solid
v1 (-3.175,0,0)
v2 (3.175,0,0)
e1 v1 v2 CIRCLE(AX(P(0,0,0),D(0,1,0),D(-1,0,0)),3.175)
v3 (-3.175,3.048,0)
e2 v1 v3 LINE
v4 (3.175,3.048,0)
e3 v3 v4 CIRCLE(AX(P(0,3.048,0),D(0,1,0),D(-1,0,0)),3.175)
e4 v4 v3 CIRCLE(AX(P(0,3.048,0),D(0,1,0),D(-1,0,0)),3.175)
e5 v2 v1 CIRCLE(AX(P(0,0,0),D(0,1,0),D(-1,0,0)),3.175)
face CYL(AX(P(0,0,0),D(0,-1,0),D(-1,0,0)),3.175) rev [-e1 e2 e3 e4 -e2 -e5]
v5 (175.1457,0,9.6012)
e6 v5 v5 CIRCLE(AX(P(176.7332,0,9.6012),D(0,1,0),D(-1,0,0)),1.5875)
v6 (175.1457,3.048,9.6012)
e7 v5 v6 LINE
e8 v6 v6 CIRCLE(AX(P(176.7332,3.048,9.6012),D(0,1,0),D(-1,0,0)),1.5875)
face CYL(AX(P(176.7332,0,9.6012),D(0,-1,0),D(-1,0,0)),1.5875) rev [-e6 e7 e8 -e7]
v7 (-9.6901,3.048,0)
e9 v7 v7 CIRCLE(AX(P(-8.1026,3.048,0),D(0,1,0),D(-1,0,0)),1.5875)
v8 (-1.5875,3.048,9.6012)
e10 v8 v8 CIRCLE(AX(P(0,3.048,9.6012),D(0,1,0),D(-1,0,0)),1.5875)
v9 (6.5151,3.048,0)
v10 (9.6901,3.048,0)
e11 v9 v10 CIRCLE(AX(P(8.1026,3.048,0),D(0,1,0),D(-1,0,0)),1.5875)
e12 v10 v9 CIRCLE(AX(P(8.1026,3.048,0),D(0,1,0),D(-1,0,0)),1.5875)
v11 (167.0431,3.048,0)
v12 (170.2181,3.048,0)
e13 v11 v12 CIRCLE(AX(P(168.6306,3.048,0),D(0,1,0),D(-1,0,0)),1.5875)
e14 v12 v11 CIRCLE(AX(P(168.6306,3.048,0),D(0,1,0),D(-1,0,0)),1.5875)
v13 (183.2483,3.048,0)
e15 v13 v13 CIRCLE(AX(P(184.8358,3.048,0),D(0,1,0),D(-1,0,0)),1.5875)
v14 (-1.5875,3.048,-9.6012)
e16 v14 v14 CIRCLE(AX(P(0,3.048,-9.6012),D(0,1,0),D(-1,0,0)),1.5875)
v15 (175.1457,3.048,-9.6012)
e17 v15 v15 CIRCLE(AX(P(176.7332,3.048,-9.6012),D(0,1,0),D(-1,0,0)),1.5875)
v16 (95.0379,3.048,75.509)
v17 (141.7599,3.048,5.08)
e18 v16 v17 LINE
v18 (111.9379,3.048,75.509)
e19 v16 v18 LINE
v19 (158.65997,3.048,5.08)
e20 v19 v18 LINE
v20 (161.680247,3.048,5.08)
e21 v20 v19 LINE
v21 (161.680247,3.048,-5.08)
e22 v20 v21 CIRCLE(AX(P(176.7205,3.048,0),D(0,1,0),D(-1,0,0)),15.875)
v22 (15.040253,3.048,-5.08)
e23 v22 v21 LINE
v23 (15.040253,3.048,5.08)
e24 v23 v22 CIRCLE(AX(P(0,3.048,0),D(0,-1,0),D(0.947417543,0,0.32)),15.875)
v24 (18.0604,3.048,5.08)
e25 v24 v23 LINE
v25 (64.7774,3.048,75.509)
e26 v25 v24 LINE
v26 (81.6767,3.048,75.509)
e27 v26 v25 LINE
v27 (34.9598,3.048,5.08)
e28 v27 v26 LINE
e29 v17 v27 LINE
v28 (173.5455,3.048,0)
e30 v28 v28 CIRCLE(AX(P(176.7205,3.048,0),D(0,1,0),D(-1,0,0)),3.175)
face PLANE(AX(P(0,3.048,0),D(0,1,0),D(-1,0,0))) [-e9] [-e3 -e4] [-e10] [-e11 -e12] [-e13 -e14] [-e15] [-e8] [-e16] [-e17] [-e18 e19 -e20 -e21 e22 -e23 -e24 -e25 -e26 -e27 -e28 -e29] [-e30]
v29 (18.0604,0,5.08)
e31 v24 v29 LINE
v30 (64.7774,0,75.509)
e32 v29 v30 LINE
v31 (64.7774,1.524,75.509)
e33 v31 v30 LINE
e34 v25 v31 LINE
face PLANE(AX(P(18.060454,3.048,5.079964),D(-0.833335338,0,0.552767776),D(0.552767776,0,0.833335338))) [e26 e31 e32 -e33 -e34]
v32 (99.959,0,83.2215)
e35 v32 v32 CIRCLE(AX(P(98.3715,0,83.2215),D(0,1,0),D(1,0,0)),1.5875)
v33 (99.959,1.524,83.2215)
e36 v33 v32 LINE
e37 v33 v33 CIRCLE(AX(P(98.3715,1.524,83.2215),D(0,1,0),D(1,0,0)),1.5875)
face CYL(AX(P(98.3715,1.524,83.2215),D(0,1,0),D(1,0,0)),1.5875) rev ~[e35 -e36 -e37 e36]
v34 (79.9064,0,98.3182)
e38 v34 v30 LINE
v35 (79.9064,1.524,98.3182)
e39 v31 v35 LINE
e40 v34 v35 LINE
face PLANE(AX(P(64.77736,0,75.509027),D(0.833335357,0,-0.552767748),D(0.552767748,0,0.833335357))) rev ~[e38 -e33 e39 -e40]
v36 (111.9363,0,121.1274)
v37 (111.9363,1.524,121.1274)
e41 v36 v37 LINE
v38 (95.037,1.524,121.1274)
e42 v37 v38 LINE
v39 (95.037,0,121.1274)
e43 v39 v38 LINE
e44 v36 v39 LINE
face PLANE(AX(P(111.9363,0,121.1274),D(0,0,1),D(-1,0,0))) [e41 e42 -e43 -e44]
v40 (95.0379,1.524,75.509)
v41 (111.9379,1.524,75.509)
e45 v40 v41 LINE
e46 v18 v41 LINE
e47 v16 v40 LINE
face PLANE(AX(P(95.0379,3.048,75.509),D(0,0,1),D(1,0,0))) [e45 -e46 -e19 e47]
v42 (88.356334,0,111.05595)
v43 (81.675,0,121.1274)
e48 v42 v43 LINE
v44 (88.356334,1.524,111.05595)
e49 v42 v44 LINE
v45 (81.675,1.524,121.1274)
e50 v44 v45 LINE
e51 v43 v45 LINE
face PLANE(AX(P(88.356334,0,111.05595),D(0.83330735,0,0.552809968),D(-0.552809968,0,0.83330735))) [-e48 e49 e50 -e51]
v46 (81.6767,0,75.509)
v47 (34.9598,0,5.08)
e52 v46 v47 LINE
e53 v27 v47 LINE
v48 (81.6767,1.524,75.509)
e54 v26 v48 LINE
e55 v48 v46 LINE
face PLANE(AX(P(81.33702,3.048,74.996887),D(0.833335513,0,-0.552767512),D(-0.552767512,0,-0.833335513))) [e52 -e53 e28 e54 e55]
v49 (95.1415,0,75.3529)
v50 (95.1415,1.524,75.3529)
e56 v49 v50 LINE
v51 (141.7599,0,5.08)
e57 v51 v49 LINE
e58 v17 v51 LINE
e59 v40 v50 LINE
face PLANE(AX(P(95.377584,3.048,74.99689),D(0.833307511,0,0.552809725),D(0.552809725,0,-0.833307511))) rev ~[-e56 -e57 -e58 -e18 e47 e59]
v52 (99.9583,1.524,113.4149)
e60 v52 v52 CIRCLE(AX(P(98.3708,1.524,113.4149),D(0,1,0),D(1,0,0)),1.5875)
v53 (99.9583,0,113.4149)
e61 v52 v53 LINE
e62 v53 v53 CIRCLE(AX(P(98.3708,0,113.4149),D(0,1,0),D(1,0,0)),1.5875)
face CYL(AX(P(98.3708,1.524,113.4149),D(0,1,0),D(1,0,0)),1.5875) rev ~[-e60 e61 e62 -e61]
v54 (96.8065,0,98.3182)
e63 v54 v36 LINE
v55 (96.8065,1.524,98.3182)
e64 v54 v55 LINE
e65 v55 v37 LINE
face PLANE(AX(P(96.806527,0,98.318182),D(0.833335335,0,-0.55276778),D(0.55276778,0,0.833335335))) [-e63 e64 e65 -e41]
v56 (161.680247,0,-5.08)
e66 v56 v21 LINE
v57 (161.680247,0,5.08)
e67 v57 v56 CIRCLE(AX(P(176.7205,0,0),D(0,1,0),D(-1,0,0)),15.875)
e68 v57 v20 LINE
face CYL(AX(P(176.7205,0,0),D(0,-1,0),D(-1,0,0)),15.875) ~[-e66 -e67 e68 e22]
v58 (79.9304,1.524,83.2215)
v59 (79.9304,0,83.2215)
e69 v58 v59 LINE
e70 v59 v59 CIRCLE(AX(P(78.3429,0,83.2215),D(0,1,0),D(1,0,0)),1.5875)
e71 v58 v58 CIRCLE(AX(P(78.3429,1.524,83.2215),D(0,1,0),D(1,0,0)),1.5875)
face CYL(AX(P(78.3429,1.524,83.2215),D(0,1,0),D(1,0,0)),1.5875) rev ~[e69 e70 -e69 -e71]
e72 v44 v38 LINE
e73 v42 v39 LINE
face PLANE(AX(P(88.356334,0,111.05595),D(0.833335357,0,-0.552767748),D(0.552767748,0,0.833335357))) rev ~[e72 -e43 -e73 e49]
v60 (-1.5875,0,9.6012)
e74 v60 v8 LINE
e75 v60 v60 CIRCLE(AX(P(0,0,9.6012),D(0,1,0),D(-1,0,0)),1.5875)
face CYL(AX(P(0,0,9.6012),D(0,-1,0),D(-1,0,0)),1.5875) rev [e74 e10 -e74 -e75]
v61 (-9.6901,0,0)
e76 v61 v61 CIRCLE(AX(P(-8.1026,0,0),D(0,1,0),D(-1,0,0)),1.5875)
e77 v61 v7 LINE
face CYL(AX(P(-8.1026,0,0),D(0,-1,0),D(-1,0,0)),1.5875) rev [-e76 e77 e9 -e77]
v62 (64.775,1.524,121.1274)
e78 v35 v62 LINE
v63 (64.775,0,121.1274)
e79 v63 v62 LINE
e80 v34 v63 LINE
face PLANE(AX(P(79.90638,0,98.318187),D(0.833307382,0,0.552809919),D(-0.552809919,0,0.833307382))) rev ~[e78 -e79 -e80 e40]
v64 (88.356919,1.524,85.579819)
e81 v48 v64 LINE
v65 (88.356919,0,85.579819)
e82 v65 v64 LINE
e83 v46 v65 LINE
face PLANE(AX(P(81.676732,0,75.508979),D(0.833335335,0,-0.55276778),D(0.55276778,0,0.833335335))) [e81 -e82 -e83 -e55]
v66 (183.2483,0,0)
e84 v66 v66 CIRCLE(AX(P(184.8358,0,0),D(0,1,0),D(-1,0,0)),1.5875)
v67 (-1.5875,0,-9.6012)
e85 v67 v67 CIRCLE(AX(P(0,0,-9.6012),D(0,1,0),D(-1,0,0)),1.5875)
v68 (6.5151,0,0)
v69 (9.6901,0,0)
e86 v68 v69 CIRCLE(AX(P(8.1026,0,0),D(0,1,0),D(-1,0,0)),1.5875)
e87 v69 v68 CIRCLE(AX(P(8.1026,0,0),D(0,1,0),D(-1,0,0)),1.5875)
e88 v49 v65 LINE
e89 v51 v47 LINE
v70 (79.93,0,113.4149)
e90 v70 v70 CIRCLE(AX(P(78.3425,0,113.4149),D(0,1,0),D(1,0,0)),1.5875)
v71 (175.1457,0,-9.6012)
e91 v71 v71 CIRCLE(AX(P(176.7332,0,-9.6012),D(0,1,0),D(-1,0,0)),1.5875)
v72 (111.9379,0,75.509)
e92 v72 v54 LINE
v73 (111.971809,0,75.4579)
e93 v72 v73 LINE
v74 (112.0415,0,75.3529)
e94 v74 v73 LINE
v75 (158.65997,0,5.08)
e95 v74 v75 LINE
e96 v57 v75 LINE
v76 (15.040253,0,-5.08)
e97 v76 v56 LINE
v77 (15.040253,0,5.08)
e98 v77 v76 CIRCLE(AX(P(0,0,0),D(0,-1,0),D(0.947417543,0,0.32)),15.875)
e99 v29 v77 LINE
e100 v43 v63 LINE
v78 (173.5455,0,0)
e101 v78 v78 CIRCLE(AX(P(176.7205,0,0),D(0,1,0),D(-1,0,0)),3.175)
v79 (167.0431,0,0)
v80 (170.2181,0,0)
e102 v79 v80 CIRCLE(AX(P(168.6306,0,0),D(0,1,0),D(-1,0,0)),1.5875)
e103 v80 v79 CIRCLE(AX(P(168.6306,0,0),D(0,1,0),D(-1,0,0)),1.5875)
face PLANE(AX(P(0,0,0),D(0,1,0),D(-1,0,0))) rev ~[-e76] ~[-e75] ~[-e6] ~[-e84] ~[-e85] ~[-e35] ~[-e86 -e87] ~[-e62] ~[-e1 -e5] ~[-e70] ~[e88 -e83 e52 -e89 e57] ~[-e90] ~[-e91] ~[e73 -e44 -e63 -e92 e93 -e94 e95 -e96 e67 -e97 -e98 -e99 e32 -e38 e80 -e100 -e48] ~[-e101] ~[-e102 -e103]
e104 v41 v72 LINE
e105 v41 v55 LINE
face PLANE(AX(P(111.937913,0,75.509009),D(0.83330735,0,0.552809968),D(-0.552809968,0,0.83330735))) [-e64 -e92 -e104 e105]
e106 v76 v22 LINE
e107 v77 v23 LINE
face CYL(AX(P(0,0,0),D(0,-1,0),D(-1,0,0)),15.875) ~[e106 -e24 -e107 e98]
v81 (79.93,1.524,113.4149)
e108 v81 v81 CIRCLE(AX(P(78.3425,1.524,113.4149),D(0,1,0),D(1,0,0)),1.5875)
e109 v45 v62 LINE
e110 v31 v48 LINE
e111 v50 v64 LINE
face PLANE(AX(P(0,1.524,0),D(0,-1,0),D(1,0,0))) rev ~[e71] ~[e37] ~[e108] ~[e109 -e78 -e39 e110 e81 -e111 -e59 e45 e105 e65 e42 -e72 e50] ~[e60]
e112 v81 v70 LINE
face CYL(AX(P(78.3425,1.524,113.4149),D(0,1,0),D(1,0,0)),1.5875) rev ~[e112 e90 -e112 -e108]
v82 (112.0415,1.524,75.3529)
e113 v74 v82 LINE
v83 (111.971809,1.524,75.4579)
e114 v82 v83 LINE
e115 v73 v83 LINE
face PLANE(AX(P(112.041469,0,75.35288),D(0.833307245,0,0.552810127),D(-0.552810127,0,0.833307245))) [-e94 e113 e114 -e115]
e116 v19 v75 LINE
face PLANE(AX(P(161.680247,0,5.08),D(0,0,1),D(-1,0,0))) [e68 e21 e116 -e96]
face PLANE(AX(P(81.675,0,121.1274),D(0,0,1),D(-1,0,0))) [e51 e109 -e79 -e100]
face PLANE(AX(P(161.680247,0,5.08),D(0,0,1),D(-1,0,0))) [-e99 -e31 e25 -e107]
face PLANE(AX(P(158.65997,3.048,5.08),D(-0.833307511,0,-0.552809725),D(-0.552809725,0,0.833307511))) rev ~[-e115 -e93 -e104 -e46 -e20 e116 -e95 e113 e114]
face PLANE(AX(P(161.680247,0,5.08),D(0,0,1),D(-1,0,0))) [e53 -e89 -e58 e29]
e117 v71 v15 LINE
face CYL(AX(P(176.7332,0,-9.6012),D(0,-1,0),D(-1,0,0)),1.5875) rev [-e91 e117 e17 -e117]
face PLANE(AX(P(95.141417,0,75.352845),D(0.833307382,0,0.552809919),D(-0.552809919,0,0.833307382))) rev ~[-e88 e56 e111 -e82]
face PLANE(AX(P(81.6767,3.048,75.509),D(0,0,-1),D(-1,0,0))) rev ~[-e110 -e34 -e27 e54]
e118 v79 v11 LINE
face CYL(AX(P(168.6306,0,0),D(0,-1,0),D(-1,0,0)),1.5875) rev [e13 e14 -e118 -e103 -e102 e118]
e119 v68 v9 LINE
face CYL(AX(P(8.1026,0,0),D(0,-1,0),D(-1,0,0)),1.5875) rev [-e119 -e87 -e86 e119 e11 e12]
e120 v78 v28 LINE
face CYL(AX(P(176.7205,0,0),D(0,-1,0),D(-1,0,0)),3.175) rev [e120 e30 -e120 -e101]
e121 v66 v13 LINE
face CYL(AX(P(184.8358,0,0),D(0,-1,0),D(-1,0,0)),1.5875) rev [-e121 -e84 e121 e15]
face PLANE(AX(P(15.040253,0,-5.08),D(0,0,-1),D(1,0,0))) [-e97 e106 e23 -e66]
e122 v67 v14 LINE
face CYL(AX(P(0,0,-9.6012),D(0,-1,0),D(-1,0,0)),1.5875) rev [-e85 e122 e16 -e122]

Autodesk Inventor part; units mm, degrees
ref_plane "YZ Plane" through (0, 0, 0) normal (1, 0, 0) x (0, 1, 0)
ref_plane "XZ Plane" through (0, 0, 0) normal (0, 1, 0) x (-1, 0, 0)
sketch "Sketch1" plane through (0, 0, 0) normal (0, 1, 0) x (-1, 0, 0)
  circle A0 centre (0, 0) radius 3.175
  circle A1 centre (0, -9.6012) radius 1.5875
  circle A2 centre (8.1026, 0) radius 1.5875
  circle A3 centre (0, 9.6012) radius 1.5875
  circle A4 centre (-8.1026, 0) radius 1.5875
  circle A5 centre (0, 0) radius 15.875
  circle A6 centre (-176.7205, 0) radius 3.175
  circle A7 centre (-176.7332, -9.6012) radius 1.5875
  circle A8 centre (-184.8358, 0) radius 1.5875
  circle A9 centre (-176.7332, 9.6012) radius 1.5875
  circle A10 centre (-168.6306, 0) radius 1.5875
  circle A11 centre (-176.7205, 0) radius 15.875
  line L0 (-163.5506, 5.08) -> (-13.1826, 5.08)
  line L1 (-13.1826, 5.08) -> (-13.1826, -5.08)
  line L2 (-13.1826, -5.08) -> (-163.5506, -5.08)
  line L3 (-163.5506, -5.08) -> (-163.5506, 5.08)
  line L4 (0, 0) -> (-163.5506, 0)
  line L5 (-170.2181, 0) -> (-176.7078, 0)
  line L6 (-176.7205, 0) -> (-170.2181, 0)
  line L7 (-167.0431, 0) -> (-0.0127, 0)
  line L8 (-176.7078, 0) -> (-170.2181, 0)
  line L9 (-167.0431, 0) -> (-88.3666, 0)
  point P0 (-161.6802, -5.08)
  point P1 (-15.0403, -5.08)
  point P2 (-15.0403, 5.08)
  point P3 (-161.6802, 5.08)
  dimension "d0" = 6.35
  dimension "d1" = 3.175
  dimension "d2" = 3.175
  dimension "d3" = 3.175
  dimension "d4" = 3.175
  dimension "d5" = 9.6012
  dimension "d6" = 8.1026
  dimension "d7" = 8.1026
  dimension "d8" = 9.6012
  dimension "d9" = 31.75
  dimension "d14" = 5.08
  dimension "d15" = 5.08
  dimension "d16" = 5.08
  dimension "d17" = 5.08
  dimension "d50" = 176.7078
extrude "Extrusion1" add sketch "Sketch1" along normal blind 3.048
ref_plane "Work Plane1" through (15.0403, 0, 98.425) normal (0, 0, 1) x (1, 0, 0)
mirror "Mirror1" [suppressed]
sketch "Sketch2" plane through (0, 3.048, 0) normal (0, 1, 0) x (1, 0, 0)
  arc A0 (15.0403, 5.08) -> (15.0403, -5.08) centre (0, 0) ccw projected
  line L0 (158.3147, -191.0461) -> (27.7403, 5.8039)
  arc A1 (161.6802, -5.08) -> (161.6802, 5.08) centre (176.7205, 0) ccw projected
  line L1 (18.143, -191.4206) -> (148.9802, 5.8039)
  line L2 (17.5803, -4.3561) -> (147.9282, -200.8645)
  line L3 (161.6802, -5.08) -> (159.1402, -5.08)
  line L4 (159.1402, -4.3561) -> (28.303, -201.5806)
  line L5 (95.3776, -74.9969) -> (112.2777, -74.9969)
  line L6 (81.337, -74.9969) -> (64.4377, -74.9969)
  line L7 (95.0379, -75.509) -> (111.9379, -75.509)
  line L8 (81.6767, -75.509) -> (64.7774, -75.509)
  line L9 (96.8065, -99.0548) -> (79.9064, -99.0548)
  line L10 (88.3569, -86.3038) -> (88.3569, -85.5799)
  line L11 (161.6802, 5.08) -> (15.0403, 5.08) projected
  line L12 (88.3569, -86.3038) -> (89.0808, -86.3038) construction
  line L13 (81.1864, -121.864) -> (64.2863, -121.864)
  line L14 (95.5256, -121.864) -> (112.4249, -121.864)
  line L15 (15.0403, -5.08) -> (161.6802, -5.08) projected
  line L16 (34.9598, -5.08) -> (18.0604, -5.08)
  line L17 (141.7599, -5.08) -> (159.1402, -5.08)
  point P0 (79.9068, -98.3176)
  point P1 (88.3564, -111.0559)
  point P2 (96.8065, -98.3182)
  point P3 (88.3569, -85.5799)
  point P4 (64.5631, -75.9099)
  point P5 (81.4625, -75.9099)
  point P6 (95.0379, -75.509)
  point P7 (158.66, -5.08)
  point P8 (141.7599, -5.08)
  dimension "d69" = 23.5458
  dimension "d70" = 23.5458
  dimension "d81" = 90
  dimension "d82" = 22.8092
  dimension "d83" = 22.8092
extrude "Extrusion2" add sketch "Sketch2" against normal blind 3.048 contours L15 L0 L6 L2 | L6 L0 L8 L2 | L15 L4 L5 L1 | L5 L4 L7 L1
sketch "Sketch3" plane through (0, 0, 0) normal (0, -1, 0) x (1, 0, 0)
  line L0 (34.9598, 5.08) -> (81.6767, 75.509) projected
  line L1 (64.7774, 75.509) -> (18.0604, 5.08) projected
  line L2 (18.0604, 5.08) -> (159.8416, 218.8249)
  line L3 (15.0403, 5.08) -> (161.6802, 5.08) projected
  line L4 (34.9598, 5.08) -> (173.1628, 213.4305)
  line L5 (15.0403, 5.08) -> (161.6802, 5.08) projected
  line L6 (158.66, 5.08) -> (122.9182, 58.9573)
  line L7 (158.66, 5.08) -> (111.9379, 75.509) projected
  line L8 (158.66, 5.08) -> (25.1448, 206.3412)
  line L9 (141.7599, 5.08) -> (8.7682, 205.5521)
  line L10 (95.3776, 74.9969) -> (112.2777, 74.9969) projected
  line L11 (112.162, 75.4579) -> (95.2201, 75.4579)
  line L12 (64.4377, 74.9969) -> (81.337, 74.9969) projected
  line L13 (81.337, 75.7208) -> (64.4377, 75.7208)
  line L14 (81.675, 121.1274) -> (64.775, 121.1274)
  line L15 (111.9363, 121.1274) -> (95.037, 121.1274)
  line L16 (64.7774, 75.509) -> (81.6767, 75.509)
  line L17 (95.1415, 75.3529) -> (112.0415, 75.3529)
  line L18 (79.9064, 98.3182) -> (96.8065, 98.3182)
  point P0 (0, 0)
  point P1 (18.0604, 5.08)
  point P2 (141.7599, 5.08)
  point P3 (173.1628, 213.4305)
  point P4 (8.7682, 205.5521)
  point P5 (81.337, 74.9969)
  point P6 (88.3569, 85.5799)
  point P7 (112.2777, 74.9969)
  point P8 (96.6135, 98.7512)
  point P9 (88.3564, 111.0559)
  point P10 (79.9068, 98.3176)
  point P11 (95.3776, 74.9969)
  point P12 (81.4625, 75.9099)
  point P13 (64.5631, 75.9099)
  point P14 (111.9379, 75.509)
  dimension "d58" = 22.8092
  dimension "d64" = 22.8092
  dimension "d65" = 22.8092
  dimension "d67" = 22.9653
extrude "Extrusion3" add sketch "Sketch3" against normal blind 1.524 contours L16 L2 L9 L4 | L9 L18 L4 | L4 L8 L7 L17 L9 | L8 L2 L15 L4 | L18 L2 L8 | L9 L14 L8 L2
sketch "Sketch4" plane through (0, 1.524, 0) normal (0, 1, 0) x (1, 0, 0)
  line L0 (111.9363, -121.1274) -> (96.8065, -98.3182) projected
  line L1 (79.9068, -98.3176) -> (64.775, -121.1274) projected
  line L2 (158.66, -5.08) -> (96.8065, -98.3182) projected
  line L3 (88.3564, -111.0559) -> (95.037, -121.1274) projected
  line L4 (96.8065, -98.3182) -> (88.3564, -111.0559) projected
  line L5 (96.8065, -98.3182) -> (88.3569, -85.5799) projected
  line L6 (88.3569, -85.5799) -> (88.3564, -111.0559)
  line L7 (79.9068, -98.3176) -> (88.3564, -111.0559) projected
  line L8 (96.8065, -98.3182) -> (79.9068, -98.3176)
  line L9 (88.3566, -98.3179) -> (78.3429, -83.2215)
  line L10 (88.3569, -85.5799) -> (96.8065, -98.3182) projected
  line L11 (88.3566, -98.3179) -> (98.3715, -83.2215)
  line L12 (95.0379, -75.509) -> (88.3569, -85.5799) projected
  line L13 (78.3429, -83.2215) -> (98.3715, -83.2215)
  line L14 (78.3429, -83.2215) -> (96.1304, -110.0373)
  line L15 (98.3715, -83.2215) -> (80.5501, -110.0856)
  circle A0 centre (88.3566, -98.3179) radius 18.1163
  line L16 (88.3566, -98.3179) -> (98.3708, -113.4149)
  line L17 (88.3566, -98.3179) -> (78.3425, -113.4149)
  circle A1 centre (78.3429, -83.2215) radius 1.5875
  circle A2 centre (98.3715, -83.2215) radius 1.5875
  circle A3 centre (98.3708, -113.4149) radius 1.5875
  circle A4 centre (78.3425, -113.4149) radius 1.5875
  point P0 (0, 0)
  point P1 (87.8755, -85.578)
  point P2 (87.8599, -111.6467)
  point P3 (111.9412, -75.1032)
  point P4 (64.2633, -75.4579)
  point P5 (112.162, -75.4579)
  point P6 (34.9598, -5.08)
  point P7 (18.0604, -5.08)
  point P8 (81.1626, -75.4579)
  point P9 (95.2356, -75.4579)
  point P10 (95.1415, -76.0768)
  point P11 (81.6767, -76.2329)
  point P12 (64.5631, -75.9099)
  point P13 (64.7549, -76.199)
  point P14 (112.2777, -74.9969)
  dimension "d74" = 3.175
  dimension "d75" = 3.175
  dimension "d76" = 3.175
  dimension "d77" = 3.175
  dimension "d78" = 33.559
  dimension "d79" = 33.558
extrude "Extrusion4" cut sketch "Sketch4" against normal blind 3.81 contours A3 A0 | A0 L16 A3 | A0 A3 L16 | A2 L11 A0 | A0 A2 | A2 L13 L11 | A1 A0 L9 | L9 L13 A1 | L13 A2 A0 | A0 A1 L13 | A0 A1 | A4 A0 | A0 L17 A4 | A4 L17 A0
properties part number "crossBraces"
